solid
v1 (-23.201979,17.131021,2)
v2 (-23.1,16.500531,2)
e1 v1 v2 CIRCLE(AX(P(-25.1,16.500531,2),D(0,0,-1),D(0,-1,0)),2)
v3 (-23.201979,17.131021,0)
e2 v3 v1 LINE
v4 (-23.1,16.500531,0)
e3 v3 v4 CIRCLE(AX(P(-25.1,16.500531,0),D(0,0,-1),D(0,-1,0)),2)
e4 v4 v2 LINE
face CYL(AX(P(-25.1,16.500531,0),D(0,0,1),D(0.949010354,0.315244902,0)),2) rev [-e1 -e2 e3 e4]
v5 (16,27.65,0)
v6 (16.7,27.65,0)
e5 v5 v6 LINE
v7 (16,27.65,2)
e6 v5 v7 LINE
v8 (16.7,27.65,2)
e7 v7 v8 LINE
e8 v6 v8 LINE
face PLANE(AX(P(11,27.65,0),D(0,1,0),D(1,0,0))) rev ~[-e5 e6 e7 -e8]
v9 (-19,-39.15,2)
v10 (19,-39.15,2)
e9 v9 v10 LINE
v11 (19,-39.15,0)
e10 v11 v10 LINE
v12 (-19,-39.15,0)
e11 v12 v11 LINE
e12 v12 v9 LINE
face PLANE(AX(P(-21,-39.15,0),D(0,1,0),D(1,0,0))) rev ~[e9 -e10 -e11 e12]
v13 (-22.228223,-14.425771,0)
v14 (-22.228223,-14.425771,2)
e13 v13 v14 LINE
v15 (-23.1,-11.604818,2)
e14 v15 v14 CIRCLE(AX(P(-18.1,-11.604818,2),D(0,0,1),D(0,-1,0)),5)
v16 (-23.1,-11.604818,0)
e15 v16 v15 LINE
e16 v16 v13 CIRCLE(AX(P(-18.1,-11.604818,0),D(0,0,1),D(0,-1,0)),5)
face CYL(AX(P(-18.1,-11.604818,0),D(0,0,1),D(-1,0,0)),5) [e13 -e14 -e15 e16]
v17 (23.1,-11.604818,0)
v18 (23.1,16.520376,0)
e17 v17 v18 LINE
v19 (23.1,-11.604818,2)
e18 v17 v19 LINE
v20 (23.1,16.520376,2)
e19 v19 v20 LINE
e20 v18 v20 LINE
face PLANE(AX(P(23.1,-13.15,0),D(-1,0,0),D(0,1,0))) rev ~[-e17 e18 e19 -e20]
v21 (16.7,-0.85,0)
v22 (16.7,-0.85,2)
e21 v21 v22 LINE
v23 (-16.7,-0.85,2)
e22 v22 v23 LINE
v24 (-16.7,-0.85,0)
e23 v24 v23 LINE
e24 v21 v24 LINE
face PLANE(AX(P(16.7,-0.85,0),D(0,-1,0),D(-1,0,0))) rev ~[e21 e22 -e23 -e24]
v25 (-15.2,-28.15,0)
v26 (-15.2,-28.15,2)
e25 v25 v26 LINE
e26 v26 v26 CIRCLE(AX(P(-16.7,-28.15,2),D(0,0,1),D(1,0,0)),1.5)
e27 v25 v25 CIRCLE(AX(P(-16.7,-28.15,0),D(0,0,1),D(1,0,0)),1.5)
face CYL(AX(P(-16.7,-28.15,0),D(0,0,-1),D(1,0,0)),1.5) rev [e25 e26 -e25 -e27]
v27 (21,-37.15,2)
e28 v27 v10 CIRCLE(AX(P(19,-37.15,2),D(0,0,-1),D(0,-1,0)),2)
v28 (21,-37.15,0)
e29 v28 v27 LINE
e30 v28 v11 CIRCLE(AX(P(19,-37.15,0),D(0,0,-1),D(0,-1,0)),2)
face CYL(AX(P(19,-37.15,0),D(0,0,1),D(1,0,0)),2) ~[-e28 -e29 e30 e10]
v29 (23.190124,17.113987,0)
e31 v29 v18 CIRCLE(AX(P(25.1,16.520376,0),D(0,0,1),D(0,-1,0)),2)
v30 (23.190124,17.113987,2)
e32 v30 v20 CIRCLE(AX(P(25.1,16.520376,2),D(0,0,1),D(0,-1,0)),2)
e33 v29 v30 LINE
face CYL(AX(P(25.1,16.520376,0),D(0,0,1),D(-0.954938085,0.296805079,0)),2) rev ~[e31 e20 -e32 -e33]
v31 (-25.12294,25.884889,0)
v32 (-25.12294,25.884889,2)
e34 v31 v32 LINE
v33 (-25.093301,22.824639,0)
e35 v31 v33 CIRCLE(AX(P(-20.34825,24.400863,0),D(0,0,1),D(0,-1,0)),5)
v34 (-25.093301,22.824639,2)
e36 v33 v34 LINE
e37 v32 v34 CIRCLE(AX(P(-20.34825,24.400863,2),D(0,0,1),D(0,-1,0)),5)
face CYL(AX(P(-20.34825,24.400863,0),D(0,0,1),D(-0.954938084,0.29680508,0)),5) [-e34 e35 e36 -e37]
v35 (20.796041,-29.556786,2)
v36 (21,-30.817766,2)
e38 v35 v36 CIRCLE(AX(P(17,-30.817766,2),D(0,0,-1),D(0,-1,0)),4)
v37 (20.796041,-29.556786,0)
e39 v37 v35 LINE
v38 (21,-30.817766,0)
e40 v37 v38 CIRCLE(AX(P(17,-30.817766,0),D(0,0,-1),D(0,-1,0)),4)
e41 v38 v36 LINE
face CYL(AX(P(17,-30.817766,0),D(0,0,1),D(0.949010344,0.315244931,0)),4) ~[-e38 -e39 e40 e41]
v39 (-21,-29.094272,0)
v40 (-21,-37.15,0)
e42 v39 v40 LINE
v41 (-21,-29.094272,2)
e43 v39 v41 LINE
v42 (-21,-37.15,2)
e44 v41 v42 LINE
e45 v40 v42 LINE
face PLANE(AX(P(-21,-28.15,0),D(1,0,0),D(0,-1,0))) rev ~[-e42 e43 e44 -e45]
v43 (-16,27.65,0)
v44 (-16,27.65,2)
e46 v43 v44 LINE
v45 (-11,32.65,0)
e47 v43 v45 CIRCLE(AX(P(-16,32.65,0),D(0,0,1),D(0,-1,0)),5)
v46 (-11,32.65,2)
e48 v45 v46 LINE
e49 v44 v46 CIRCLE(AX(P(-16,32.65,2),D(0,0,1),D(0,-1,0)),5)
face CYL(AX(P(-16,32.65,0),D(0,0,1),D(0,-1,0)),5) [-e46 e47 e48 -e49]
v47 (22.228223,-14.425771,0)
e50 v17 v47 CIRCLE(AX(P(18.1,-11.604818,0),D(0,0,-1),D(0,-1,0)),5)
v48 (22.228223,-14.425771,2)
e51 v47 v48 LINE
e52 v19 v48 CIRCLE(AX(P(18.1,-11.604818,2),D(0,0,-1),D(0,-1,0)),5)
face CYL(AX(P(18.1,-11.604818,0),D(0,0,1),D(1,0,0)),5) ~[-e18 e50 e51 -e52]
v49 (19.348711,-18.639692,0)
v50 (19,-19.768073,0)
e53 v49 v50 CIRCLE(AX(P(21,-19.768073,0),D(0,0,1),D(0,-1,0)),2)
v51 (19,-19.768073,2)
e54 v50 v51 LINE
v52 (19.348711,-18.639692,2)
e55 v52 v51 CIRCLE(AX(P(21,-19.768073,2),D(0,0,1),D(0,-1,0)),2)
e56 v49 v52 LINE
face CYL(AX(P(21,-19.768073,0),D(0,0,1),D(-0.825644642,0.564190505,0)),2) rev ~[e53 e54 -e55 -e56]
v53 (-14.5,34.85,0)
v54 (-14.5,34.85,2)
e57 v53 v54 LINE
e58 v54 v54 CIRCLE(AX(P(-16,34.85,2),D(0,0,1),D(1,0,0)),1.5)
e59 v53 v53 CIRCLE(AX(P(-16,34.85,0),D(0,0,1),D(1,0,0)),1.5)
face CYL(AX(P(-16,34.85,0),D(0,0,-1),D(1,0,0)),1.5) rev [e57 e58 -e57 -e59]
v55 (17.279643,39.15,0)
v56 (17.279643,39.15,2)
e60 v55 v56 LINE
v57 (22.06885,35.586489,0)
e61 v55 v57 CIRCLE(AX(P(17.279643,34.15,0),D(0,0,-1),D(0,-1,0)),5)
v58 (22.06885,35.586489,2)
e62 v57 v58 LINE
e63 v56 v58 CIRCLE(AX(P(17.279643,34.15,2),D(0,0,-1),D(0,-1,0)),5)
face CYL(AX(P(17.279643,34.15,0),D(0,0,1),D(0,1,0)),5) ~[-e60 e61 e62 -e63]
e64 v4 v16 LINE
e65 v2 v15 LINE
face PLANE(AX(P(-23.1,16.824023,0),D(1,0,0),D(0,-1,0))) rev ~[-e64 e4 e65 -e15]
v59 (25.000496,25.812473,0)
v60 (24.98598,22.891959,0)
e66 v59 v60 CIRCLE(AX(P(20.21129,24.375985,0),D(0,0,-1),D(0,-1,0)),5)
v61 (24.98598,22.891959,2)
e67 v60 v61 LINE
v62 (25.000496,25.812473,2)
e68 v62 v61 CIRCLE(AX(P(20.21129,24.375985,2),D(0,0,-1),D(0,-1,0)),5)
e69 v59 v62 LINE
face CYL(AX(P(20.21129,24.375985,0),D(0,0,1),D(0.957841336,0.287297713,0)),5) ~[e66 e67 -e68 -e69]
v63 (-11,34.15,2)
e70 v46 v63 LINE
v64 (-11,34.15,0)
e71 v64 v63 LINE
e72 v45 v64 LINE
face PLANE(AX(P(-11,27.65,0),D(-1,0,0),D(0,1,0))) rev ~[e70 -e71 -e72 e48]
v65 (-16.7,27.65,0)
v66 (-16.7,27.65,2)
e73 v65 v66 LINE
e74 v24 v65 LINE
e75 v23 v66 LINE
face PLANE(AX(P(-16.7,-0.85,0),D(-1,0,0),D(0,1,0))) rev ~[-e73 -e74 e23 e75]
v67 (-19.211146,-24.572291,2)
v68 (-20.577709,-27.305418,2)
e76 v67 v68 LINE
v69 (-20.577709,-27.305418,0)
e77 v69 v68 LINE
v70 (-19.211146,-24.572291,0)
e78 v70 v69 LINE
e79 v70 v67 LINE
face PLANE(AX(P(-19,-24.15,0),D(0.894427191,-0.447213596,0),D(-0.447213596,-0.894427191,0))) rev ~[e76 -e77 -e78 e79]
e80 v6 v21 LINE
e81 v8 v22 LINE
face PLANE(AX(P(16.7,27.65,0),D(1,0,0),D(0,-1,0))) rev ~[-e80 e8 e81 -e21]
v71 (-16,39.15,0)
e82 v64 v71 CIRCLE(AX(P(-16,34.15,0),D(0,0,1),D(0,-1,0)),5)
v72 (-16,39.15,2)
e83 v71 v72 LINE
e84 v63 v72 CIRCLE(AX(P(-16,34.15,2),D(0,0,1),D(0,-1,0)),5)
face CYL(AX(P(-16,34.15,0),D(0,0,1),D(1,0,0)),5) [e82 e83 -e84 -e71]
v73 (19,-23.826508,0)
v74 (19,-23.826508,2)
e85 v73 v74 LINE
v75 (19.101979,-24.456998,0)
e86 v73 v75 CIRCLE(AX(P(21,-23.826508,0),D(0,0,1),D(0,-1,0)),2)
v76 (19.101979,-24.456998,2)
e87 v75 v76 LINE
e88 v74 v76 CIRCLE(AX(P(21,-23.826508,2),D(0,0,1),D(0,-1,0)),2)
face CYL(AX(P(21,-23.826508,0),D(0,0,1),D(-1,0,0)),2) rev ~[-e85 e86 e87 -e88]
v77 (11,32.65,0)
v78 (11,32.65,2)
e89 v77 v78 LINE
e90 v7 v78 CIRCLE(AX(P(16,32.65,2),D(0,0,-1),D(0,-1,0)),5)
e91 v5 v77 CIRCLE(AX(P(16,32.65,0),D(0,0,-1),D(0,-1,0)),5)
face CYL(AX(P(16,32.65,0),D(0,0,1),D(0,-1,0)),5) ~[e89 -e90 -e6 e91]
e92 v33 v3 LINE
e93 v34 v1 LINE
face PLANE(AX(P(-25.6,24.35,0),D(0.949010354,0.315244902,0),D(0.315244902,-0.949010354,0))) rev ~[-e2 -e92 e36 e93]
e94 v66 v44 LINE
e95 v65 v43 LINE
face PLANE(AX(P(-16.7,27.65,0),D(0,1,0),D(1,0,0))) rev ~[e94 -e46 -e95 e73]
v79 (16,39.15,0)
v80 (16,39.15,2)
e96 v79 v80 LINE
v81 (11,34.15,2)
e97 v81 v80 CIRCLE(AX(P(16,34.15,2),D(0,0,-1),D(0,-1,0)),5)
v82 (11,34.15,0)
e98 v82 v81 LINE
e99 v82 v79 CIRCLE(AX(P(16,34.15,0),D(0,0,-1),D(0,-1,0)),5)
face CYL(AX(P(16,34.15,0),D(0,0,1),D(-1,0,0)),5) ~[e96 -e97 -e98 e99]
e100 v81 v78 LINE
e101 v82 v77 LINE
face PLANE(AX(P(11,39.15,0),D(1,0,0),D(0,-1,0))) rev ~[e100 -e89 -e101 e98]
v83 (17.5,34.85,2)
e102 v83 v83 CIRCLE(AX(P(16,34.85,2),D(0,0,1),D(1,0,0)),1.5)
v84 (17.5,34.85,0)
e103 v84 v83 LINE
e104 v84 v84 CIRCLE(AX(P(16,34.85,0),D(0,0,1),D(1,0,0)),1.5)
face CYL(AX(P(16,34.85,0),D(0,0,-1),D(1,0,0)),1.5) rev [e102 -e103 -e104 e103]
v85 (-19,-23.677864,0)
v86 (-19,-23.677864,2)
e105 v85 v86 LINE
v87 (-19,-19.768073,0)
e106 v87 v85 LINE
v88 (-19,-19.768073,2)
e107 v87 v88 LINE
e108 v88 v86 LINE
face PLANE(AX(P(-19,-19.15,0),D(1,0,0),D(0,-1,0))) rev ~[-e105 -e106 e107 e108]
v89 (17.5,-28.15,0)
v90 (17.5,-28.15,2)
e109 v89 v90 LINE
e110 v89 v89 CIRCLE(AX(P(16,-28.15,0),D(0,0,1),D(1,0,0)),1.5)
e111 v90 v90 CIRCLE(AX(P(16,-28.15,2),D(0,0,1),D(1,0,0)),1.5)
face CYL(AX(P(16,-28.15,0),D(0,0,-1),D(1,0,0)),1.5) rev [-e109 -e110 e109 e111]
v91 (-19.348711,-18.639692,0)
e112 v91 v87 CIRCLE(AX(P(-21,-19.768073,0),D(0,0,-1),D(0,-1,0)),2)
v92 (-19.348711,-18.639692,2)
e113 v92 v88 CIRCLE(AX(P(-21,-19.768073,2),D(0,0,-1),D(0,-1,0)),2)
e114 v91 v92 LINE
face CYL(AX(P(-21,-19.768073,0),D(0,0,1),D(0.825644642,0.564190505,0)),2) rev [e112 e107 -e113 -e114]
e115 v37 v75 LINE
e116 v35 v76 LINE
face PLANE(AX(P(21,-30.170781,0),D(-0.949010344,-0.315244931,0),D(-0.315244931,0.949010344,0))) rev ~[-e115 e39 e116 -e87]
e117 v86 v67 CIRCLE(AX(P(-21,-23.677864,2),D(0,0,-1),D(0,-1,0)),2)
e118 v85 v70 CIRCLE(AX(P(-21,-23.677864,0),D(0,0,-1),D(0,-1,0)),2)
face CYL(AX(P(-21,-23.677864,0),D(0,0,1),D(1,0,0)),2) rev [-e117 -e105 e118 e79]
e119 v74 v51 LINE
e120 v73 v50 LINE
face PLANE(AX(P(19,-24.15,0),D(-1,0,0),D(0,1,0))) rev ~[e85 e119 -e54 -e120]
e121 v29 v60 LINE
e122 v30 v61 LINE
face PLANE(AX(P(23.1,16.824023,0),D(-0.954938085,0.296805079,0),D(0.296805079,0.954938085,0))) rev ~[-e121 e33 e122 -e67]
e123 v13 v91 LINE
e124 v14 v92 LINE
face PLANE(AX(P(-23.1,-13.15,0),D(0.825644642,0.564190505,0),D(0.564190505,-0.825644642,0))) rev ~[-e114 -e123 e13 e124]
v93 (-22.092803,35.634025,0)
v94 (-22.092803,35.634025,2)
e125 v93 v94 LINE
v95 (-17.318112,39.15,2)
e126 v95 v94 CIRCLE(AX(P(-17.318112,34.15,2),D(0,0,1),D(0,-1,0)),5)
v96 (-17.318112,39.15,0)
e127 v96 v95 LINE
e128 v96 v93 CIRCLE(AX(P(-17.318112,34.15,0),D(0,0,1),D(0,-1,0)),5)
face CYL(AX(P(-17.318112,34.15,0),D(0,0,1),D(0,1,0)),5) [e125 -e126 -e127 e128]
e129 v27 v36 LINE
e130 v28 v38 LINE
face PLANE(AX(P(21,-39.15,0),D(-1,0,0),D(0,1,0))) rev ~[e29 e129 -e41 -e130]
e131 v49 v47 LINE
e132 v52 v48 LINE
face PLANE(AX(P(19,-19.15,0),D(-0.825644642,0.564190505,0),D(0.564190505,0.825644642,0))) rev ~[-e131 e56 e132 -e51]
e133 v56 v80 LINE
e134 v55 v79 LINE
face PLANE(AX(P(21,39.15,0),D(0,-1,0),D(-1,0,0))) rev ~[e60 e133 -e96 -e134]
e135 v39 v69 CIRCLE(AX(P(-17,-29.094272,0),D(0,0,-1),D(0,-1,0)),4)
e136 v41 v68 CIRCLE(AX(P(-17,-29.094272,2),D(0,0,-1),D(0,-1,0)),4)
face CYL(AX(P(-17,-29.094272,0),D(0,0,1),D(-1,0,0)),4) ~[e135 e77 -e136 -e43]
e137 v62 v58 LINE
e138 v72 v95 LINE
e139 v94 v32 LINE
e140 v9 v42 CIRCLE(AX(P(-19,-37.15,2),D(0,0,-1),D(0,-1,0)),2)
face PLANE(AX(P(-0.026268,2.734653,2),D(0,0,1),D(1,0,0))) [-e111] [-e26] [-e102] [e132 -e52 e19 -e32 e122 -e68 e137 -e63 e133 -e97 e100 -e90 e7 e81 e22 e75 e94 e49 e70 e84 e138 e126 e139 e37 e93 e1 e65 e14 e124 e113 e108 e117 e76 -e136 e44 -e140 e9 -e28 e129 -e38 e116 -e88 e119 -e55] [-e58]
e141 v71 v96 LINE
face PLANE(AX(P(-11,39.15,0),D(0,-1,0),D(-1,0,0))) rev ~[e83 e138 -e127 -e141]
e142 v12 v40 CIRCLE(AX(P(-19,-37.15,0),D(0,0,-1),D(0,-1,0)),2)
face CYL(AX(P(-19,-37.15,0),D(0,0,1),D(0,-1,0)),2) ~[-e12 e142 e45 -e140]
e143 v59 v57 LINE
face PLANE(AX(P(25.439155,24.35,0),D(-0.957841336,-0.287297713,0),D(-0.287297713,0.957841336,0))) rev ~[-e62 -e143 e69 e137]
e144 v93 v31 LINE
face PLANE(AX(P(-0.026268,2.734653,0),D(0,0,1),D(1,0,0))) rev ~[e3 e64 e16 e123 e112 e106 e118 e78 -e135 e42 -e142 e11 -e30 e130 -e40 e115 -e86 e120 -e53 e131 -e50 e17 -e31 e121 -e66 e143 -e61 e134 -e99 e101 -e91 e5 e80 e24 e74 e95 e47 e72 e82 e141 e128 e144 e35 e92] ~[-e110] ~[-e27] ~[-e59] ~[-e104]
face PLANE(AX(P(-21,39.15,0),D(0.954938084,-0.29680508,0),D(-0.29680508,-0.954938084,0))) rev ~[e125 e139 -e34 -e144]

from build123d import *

# Parameters (mm, degrees)
F0_R     = 1.5
F1_DEPTH = 2
F2_R     = 5
F3_R     = 2
F4_R     = 4


with BuildPart() as f1:
    # F0 (on Top) → F1 (new body)
    with BuildSketch(Plane.XY):
        Polygon((16.7, -0.85), (-16.7, -0.85), (-16.7, 27.65), (-11, 27.65), (-11, 39.15), (-21, 39.15), (-25.6, 24.35), (-23.1, 16.824023), (-23.1, -13.15), (-19, -19.15), (-19, -24.15), (-21, -28.15), (-21, -39.15), (21, -39.15), (21, -30.170781), (19, -24.15), (19, -19.15), (23.1, -13.15), (23.1, 16.824023), (25.439155, 24.35), (21, 39.15), (11, 39.15), (11, 27.65), (16.7, 27.65), align=None)
        with Locations((-16.7, -28.15)):
            Circle(F0_R, mode=Mode.SUBTRACT)
        with Locations((16, -28.15)):
            Circle(F0_R, mode=Mode.SUBTRACT)
        with Locations((-16, 34.85)):
            Circle(F0_R, mode=Mode.SUBTRACT)
        with Locations((16, 34.85)):
            Circle(F0_R, mode=Mode.SUBTRACT)
    extrude(amount=F1_DEPTH)

    # F2
    f2_edges = [f1.edges().sort_by_distance(p)[0] for p in [
        (-11, 27.65, 1),
        (11, 27.65, 1),
        (11, 39.15, 1),
        (21, 39.15, 1),
        (-11, 39.15, 1),
        (-21, 39.15, 1),
        (-25.6, 24.35, 1),
        (25.439155, 24.35, 1),
        (23.1, -13.15, 1),
        (-23.1, -13.15, 1),
    ]]
    fillet(f2_edges, radius=F2_R)

    # F3
    f3_edges = [f1.edges().sort_by_distance(p)[0] for p in [
        (23.1, 16.824023, 1),
        (-23.1, 16.824023, 1),
        (-19, -19.15, 1),
        (-19, -24.15, 1),
        (19, -19.15, 1),
        (19, -24.15, 1),
        (21, -39.15, 1),
        (-21, -39.15, 1),
    ]]
    fillet(f3_edges, radius=F3_R)

    # F4
    f4_edges = [f1.edges().sort_by_distance(p)[0] for p in [
        (-21, -28.15, 1),
        (21, -30.170781, 1),
    ]]
    fillet(f4_edges, radius=F4_R)


solid = f1.part
